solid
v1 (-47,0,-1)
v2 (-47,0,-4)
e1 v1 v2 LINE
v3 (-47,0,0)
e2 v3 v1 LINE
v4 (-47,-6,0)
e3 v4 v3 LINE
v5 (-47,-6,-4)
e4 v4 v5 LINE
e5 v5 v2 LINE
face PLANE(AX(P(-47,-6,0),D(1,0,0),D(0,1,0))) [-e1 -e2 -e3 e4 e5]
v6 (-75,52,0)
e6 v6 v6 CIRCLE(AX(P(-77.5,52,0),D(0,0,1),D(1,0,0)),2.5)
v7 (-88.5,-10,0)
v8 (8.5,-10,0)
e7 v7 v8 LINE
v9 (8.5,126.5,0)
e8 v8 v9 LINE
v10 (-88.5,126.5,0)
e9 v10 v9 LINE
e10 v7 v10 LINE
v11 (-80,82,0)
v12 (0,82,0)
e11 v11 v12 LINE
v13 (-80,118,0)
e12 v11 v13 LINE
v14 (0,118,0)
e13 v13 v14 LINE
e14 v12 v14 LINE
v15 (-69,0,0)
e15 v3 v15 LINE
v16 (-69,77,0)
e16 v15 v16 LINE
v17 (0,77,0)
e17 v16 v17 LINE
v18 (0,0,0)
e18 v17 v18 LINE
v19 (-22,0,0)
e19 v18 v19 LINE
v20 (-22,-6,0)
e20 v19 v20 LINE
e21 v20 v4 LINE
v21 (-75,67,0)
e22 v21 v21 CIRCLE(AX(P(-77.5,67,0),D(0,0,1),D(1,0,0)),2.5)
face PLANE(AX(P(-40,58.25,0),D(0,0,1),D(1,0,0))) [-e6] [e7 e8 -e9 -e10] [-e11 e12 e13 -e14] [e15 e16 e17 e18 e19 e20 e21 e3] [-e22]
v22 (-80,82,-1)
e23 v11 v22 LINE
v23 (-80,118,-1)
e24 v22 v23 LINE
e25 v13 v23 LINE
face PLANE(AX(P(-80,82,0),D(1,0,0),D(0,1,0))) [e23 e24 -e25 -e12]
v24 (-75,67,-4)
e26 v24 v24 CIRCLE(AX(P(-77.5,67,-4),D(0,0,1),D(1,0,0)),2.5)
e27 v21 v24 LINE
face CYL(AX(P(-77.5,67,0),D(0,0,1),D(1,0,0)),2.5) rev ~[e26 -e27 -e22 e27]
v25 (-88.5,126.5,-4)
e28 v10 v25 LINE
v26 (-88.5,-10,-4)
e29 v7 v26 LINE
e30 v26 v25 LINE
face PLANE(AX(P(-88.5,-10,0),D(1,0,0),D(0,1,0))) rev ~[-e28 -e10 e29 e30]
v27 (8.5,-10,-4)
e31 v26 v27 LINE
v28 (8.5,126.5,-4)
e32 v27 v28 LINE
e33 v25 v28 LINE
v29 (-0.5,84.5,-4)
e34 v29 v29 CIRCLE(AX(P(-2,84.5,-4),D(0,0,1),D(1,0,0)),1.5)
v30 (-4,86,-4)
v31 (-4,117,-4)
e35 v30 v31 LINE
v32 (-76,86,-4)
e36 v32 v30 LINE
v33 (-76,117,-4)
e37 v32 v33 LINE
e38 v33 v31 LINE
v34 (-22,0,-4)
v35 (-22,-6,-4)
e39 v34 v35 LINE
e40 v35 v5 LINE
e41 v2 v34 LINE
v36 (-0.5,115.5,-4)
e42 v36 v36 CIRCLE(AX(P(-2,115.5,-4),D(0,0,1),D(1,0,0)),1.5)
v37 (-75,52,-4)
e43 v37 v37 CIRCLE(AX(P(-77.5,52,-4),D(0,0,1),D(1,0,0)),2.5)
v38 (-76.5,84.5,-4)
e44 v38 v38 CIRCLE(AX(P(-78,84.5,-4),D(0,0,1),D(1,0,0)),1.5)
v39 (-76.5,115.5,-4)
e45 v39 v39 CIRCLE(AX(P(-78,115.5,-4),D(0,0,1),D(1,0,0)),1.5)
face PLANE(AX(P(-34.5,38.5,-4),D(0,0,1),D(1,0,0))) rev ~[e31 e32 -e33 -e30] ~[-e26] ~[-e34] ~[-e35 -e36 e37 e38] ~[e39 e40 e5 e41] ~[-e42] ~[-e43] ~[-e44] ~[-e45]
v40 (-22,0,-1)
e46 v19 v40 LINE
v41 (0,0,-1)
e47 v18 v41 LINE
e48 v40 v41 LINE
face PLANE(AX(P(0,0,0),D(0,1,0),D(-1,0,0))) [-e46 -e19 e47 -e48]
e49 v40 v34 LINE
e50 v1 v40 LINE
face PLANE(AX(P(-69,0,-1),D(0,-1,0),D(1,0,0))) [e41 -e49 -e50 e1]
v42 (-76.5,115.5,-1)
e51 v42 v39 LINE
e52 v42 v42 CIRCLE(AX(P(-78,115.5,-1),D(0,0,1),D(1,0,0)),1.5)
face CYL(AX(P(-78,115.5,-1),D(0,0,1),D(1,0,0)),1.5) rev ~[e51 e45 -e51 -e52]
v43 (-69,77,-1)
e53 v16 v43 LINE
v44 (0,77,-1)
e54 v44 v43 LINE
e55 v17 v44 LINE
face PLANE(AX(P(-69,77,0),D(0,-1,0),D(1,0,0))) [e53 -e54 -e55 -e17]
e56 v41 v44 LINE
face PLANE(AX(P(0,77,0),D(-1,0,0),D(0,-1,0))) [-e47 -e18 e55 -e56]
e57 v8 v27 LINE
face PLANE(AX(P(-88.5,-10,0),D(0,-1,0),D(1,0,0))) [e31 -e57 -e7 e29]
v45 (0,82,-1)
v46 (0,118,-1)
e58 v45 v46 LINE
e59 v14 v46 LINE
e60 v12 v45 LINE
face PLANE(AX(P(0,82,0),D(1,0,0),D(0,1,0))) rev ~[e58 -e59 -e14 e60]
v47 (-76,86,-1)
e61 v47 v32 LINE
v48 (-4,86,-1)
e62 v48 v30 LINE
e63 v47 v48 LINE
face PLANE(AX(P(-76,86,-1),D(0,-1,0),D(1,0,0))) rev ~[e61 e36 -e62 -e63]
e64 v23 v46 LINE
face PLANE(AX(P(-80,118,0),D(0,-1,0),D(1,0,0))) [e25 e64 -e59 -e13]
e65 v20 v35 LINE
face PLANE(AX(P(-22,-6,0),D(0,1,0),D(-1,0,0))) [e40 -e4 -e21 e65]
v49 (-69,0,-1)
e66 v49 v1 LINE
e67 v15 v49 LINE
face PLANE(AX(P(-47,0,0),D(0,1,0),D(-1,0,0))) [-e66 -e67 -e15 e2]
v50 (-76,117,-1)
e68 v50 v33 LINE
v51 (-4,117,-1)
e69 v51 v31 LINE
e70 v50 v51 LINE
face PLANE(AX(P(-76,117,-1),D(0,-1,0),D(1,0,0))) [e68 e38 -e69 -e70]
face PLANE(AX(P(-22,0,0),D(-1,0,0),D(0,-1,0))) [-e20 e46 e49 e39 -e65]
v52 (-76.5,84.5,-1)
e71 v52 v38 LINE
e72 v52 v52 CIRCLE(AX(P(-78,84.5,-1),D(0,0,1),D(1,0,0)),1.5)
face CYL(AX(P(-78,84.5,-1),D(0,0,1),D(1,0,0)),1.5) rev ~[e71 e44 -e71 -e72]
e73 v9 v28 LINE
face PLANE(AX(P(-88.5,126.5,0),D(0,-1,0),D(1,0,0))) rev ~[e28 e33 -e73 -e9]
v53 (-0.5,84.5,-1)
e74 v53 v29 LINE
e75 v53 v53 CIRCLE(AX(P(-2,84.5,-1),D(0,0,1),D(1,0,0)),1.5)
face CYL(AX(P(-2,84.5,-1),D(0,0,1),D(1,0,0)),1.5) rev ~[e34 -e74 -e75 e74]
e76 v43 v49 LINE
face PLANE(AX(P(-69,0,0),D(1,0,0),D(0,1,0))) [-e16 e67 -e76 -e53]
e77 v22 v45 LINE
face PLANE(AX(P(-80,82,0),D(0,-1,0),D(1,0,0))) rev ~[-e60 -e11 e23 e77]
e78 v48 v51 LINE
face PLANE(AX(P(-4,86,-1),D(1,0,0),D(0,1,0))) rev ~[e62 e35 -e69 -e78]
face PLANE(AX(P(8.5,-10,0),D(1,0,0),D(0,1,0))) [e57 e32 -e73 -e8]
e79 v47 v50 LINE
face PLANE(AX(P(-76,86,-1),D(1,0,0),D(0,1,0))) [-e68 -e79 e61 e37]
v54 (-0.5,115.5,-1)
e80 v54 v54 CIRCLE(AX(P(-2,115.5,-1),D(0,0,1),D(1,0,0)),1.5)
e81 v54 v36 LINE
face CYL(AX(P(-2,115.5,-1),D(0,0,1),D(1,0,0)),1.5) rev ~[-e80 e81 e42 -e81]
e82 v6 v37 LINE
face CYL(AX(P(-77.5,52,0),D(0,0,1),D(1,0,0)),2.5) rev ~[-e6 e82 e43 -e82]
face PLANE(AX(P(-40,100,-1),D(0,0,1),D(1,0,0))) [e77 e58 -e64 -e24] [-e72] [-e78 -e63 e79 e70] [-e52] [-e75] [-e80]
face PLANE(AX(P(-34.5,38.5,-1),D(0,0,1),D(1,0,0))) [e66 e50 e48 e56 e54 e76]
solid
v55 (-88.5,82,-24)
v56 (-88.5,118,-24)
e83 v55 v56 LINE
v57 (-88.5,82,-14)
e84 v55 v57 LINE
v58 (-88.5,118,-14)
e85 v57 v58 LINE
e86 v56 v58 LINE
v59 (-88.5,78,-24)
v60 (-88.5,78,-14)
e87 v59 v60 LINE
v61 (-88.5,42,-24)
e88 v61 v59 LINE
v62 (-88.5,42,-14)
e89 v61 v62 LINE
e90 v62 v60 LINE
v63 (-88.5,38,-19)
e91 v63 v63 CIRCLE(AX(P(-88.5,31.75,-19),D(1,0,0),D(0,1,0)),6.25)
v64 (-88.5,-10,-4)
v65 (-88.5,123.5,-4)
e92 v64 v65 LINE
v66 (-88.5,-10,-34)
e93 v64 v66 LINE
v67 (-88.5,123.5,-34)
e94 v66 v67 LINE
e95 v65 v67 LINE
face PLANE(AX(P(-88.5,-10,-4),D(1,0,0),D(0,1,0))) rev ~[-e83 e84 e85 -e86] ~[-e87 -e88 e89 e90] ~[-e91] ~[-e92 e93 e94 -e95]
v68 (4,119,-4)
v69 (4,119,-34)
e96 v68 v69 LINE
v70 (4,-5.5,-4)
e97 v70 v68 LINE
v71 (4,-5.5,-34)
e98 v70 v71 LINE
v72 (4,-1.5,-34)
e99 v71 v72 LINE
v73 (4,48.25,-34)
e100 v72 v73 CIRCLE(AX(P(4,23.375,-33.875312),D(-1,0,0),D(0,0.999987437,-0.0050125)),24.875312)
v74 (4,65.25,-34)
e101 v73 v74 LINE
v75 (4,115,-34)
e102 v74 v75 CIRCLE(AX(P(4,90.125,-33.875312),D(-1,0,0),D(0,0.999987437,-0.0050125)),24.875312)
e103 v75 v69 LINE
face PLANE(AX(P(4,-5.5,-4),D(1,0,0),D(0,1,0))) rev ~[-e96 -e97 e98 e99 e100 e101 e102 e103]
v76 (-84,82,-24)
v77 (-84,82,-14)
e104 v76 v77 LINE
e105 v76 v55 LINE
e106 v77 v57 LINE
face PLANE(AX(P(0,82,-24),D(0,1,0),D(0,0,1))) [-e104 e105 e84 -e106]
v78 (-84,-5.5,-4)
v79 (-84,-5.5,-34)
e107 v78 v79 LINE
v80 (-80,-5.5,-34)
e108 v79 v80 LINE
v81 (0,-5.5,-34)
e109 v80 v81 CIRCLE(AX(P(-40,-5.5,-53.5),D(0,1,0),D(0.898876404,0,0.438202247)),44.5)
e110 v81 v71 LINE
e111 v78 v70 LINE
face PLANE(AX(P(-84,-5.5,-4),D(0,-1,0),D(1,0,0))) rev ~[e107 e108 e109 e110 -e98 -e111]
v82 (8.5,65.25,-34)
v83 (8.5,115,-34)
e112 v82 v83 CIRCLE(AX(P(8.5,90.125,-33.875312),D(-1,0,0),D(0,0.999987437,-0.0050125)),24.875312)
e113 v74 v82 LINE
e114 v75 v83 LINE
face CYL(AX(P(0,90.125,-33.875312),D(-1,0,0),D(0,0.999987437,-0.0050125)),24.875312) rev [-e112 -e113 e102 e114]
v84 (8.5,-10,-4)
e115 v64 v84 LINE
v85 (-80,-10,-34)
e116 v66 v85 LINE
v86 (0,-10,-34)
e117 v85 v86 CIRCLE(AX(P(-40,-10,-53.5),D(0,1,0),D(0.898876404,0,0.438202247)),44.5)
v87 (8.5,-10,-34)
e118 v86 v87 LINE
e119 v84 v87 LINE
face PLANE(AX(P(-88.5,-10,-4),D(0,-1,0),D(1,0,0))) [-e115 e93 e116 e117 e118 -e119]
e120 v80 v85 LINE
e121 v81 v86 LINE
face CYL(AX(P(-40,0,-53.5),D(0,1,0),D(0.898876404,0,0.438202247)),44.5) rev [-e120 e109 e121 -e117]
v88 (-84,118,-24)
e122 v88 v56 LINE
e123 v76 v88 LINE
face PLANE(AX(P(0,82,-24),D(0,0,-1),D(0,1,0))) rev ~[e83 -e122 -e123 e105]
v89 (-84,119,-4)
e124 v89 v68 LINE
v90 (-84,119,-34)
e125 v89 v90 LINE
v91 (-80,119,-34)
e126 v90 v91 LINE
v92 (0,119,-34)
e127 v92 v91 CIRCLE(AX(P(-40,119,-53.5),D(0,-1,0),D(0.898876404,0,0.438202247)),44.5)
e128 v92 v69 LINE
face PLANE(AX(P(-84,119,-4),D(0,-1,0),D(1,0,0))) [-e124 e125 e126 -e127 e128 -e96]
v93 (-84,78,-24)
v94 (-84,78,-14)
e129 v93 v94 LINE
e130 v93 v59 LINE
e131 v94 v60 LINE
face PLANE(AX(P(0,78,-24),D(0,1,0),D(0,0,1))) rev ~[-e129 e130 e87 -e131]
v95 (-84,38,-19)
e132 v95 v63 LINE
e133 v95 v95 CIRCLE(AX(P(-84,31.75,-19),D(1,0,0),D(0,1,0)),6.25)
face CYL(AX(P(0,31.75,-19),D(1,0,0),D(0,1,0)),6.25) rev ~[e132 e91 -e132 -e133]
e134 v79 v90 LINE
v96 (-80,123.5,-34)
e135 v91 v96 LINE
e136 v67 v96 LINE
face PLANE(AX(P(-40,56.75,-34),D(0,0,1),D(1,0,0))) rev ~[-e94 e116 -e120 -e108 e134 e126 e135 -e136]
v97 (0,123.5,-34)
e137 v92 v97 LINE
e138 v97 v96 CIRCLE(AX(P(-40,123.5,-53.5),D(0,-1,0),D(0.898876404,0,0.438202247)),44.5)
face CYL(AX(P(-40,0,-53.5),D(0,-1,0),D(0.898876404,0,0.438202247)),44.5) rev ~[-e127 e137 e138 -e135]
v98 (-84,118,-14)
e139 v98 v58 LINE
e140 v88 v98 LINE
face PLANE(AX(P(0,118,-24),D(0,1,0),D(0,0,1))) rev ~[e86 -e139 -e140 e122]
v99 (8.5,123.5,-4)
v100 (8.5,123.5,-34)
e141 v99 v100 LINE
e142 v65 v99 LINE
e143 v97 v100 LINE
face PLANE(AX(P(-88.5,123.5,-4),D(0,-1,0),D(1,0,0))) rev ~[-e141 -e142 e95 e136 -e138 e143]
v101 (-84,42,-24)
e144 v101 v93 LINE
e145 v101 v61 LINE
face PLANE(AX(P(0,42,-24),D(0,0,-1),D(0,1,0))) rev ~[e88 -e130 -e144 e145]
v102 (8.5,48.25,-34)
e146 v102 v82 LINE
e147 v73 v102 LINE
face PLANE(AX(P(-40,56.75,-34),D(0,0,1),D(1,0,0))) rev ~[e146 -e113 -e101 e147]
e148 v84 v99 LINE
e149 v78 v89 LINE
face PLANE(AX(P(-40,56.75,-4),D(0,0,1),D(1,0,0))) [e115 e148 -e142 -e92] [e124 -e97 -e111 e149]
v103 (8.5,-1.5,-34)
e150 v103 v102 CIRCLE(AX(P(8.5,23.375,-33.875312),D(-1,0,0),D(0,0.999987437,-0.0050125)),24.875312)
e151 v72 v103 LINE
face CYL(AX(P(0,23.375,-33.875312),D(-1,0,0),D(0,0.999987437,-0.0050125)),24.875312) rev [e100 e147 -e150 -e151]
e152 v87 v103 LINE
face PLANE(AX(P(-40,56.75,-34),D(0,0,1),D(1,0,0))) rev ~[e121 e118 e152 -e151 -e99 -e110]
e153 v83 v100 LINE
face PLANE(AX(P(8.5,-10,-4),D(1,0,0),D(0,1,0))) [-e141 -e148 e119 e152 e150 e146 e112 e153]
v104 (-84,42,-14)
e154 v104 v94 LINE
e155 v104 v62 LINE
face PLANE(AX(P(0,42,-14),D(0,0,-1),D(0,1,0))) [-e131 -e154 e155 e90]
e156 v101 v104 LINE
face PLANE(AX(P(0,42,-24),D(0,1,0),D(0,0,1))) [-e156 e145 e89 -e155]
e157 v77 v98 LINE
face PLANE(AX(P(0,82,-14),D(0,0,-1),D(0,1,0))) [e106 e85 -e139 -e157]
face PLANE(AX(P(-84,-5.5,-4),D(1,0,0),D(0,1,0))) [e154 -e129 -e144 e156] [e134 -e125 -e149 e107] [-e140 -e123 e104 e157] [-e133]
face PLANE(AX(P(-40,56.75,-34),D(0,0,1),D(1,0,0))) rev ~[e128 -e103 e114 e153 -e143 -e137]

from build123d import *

# Parameters (mm, degrees)
F0_W          = 97
F0_H          = 136.5
F0_R          = 2.5
F0_W_2        = 80
F0_H_2        = 36
F1_DEPTH      = 4
F2_START      = -1
F0_R_2        = 1.5
F0_W_3        = 72
F0_H_3        = 31
F2_DEPTH      = 3
F4_START      = -4
F3_W          = 97
F3_H          = 133.5
F3_W_2        = 88
F3_H_2        = 124.5
F4_DEPTH      = 30
F5_W          = 36
F5_H          = 10
F5_R          = 6.25
F6_DEPTH      = 150
F8_DEPTH      = 171.9
F8_DEPTH_BACK = 25
F10_DEPTH     = 25


with BuildPart() as f1:
    # F0 (on Top) → F1 (new body)
    with BuildSketch(Plane.XY):
        with Locations((-40, 58.25)):
            Rectangle(F0_W, F0_H)
        with Locations((-77.5, 52)):
            Circle(F0_R, mode=Mode.SUBTRACT)
        Polygon((0, 77), (0, 0), (-22, 0), (-22, -6), (-47, -6), (-47, 0), (-69, 0), (-69, 77), align=None, mode=Mode.SUBTRACT)
        with Locations((-77.5, 67)):
            Circle(F0_R, mode=Mode.SUBTRACT)
        with Locations((-40, 100)):
            Rectangle(F0_W_2, F0_H_2, mode=Mode.SUBTRACT)
    extrude(amount=-F1_DEPTH)

    # F0 (on Top) → F2 (join)
    with BuildSketch(Plane.XY.offset(F2_START)):
        Polygon((-22, 0), (0, 0), (0, 77), (-69, 77), (-69, 0), (-47, 0), align=None)
        with Locations((-40, 100)):
            Rectangle(F0_W_2, F0_H_2)
        with Locations((-78, 84.5)):
            Circle(F0_R_2, mode=Mode.SUBTRACT)
        with Locations((-78, 115.5)):
            Circle(F0_R_2, mode=Mode.SUBTRACT)
        with Locations((-2, 84.5)):
            Circle(F0_R_2, mode=Mode.SUBTRACT)
        with Locations((-40, 101.5)):
            Rectangle(F0_W_3, F0_H_3, mode=Mode.SUBTRACT)
        with Locations((-2, 115.5)):
            Circle(F0_R_2, mode=Mode.SUBTRACT)
    extrude(amount=-F2_DEPTH)


with BuildPart() as f4:
    # F3 (on Top) → F4 (new body)
    with BuildSketch(Plane.XY.offset(F4_START)):
        with Locations((-40, 56.75)):
            Rectangle(F3_W, F3_H)
        with Locations((-40, 56.75)):
            Rectangle(F3_W_2, F3_H_2, mode=Mode.SUBTRACT)
    extrude(amount=-F4_DEPTH)

    # F5 (on Right) → F6 (cut)
    with BuildSketch(Plane.YZ):
        with Locations((60, -19)):
            Rectangle(F5_W, F5_H)
        with Locations((100, -19)):
            Rectangle(F5_W, F5_H)
        with Locations((31.75, -19)):
            Circle(F5_R)
    extrude(amount=-F6_DEPTH, mode=Mode.SUBTRACT)

    # F7 (on Front) → F8 (cut, two sides)
    with BuildSketch(Plane.XZ) as f8_sk:
        with BuildLine():
            Line((-80, -34), (0, -34))
            ThreePointArc((0, -34), (-40, -9), (-80, -34))
        make_face()
    extrude(amount=-F8_DEPTH, mode=Mode.SUBTRACT)
    extrude(f8_sk.sketch, amount=F8_DEPTH_BACK, mode=Mode.SUBTRACT)

    # F9 (on Right) → F10 (cut)
    with BuildSketch(Plane.YZ):
        with BuildLine():
            ThreePointArc((48.25, -34), (23.375, -9), (-1.5, -34))
            Line((-1.5, -34), (48.25, -34))
        make_face()
        with BuildLine():
            Line((65.25, -34), (115, -34))
            ThreePointArc((115, -34), (90.125, -9), (65.25, -34))
        make_face()
    extrude(amount=F10_DEPTH, mode=Mode.SUBTRACT)


solid = Compound([f1.part, f4.part])
